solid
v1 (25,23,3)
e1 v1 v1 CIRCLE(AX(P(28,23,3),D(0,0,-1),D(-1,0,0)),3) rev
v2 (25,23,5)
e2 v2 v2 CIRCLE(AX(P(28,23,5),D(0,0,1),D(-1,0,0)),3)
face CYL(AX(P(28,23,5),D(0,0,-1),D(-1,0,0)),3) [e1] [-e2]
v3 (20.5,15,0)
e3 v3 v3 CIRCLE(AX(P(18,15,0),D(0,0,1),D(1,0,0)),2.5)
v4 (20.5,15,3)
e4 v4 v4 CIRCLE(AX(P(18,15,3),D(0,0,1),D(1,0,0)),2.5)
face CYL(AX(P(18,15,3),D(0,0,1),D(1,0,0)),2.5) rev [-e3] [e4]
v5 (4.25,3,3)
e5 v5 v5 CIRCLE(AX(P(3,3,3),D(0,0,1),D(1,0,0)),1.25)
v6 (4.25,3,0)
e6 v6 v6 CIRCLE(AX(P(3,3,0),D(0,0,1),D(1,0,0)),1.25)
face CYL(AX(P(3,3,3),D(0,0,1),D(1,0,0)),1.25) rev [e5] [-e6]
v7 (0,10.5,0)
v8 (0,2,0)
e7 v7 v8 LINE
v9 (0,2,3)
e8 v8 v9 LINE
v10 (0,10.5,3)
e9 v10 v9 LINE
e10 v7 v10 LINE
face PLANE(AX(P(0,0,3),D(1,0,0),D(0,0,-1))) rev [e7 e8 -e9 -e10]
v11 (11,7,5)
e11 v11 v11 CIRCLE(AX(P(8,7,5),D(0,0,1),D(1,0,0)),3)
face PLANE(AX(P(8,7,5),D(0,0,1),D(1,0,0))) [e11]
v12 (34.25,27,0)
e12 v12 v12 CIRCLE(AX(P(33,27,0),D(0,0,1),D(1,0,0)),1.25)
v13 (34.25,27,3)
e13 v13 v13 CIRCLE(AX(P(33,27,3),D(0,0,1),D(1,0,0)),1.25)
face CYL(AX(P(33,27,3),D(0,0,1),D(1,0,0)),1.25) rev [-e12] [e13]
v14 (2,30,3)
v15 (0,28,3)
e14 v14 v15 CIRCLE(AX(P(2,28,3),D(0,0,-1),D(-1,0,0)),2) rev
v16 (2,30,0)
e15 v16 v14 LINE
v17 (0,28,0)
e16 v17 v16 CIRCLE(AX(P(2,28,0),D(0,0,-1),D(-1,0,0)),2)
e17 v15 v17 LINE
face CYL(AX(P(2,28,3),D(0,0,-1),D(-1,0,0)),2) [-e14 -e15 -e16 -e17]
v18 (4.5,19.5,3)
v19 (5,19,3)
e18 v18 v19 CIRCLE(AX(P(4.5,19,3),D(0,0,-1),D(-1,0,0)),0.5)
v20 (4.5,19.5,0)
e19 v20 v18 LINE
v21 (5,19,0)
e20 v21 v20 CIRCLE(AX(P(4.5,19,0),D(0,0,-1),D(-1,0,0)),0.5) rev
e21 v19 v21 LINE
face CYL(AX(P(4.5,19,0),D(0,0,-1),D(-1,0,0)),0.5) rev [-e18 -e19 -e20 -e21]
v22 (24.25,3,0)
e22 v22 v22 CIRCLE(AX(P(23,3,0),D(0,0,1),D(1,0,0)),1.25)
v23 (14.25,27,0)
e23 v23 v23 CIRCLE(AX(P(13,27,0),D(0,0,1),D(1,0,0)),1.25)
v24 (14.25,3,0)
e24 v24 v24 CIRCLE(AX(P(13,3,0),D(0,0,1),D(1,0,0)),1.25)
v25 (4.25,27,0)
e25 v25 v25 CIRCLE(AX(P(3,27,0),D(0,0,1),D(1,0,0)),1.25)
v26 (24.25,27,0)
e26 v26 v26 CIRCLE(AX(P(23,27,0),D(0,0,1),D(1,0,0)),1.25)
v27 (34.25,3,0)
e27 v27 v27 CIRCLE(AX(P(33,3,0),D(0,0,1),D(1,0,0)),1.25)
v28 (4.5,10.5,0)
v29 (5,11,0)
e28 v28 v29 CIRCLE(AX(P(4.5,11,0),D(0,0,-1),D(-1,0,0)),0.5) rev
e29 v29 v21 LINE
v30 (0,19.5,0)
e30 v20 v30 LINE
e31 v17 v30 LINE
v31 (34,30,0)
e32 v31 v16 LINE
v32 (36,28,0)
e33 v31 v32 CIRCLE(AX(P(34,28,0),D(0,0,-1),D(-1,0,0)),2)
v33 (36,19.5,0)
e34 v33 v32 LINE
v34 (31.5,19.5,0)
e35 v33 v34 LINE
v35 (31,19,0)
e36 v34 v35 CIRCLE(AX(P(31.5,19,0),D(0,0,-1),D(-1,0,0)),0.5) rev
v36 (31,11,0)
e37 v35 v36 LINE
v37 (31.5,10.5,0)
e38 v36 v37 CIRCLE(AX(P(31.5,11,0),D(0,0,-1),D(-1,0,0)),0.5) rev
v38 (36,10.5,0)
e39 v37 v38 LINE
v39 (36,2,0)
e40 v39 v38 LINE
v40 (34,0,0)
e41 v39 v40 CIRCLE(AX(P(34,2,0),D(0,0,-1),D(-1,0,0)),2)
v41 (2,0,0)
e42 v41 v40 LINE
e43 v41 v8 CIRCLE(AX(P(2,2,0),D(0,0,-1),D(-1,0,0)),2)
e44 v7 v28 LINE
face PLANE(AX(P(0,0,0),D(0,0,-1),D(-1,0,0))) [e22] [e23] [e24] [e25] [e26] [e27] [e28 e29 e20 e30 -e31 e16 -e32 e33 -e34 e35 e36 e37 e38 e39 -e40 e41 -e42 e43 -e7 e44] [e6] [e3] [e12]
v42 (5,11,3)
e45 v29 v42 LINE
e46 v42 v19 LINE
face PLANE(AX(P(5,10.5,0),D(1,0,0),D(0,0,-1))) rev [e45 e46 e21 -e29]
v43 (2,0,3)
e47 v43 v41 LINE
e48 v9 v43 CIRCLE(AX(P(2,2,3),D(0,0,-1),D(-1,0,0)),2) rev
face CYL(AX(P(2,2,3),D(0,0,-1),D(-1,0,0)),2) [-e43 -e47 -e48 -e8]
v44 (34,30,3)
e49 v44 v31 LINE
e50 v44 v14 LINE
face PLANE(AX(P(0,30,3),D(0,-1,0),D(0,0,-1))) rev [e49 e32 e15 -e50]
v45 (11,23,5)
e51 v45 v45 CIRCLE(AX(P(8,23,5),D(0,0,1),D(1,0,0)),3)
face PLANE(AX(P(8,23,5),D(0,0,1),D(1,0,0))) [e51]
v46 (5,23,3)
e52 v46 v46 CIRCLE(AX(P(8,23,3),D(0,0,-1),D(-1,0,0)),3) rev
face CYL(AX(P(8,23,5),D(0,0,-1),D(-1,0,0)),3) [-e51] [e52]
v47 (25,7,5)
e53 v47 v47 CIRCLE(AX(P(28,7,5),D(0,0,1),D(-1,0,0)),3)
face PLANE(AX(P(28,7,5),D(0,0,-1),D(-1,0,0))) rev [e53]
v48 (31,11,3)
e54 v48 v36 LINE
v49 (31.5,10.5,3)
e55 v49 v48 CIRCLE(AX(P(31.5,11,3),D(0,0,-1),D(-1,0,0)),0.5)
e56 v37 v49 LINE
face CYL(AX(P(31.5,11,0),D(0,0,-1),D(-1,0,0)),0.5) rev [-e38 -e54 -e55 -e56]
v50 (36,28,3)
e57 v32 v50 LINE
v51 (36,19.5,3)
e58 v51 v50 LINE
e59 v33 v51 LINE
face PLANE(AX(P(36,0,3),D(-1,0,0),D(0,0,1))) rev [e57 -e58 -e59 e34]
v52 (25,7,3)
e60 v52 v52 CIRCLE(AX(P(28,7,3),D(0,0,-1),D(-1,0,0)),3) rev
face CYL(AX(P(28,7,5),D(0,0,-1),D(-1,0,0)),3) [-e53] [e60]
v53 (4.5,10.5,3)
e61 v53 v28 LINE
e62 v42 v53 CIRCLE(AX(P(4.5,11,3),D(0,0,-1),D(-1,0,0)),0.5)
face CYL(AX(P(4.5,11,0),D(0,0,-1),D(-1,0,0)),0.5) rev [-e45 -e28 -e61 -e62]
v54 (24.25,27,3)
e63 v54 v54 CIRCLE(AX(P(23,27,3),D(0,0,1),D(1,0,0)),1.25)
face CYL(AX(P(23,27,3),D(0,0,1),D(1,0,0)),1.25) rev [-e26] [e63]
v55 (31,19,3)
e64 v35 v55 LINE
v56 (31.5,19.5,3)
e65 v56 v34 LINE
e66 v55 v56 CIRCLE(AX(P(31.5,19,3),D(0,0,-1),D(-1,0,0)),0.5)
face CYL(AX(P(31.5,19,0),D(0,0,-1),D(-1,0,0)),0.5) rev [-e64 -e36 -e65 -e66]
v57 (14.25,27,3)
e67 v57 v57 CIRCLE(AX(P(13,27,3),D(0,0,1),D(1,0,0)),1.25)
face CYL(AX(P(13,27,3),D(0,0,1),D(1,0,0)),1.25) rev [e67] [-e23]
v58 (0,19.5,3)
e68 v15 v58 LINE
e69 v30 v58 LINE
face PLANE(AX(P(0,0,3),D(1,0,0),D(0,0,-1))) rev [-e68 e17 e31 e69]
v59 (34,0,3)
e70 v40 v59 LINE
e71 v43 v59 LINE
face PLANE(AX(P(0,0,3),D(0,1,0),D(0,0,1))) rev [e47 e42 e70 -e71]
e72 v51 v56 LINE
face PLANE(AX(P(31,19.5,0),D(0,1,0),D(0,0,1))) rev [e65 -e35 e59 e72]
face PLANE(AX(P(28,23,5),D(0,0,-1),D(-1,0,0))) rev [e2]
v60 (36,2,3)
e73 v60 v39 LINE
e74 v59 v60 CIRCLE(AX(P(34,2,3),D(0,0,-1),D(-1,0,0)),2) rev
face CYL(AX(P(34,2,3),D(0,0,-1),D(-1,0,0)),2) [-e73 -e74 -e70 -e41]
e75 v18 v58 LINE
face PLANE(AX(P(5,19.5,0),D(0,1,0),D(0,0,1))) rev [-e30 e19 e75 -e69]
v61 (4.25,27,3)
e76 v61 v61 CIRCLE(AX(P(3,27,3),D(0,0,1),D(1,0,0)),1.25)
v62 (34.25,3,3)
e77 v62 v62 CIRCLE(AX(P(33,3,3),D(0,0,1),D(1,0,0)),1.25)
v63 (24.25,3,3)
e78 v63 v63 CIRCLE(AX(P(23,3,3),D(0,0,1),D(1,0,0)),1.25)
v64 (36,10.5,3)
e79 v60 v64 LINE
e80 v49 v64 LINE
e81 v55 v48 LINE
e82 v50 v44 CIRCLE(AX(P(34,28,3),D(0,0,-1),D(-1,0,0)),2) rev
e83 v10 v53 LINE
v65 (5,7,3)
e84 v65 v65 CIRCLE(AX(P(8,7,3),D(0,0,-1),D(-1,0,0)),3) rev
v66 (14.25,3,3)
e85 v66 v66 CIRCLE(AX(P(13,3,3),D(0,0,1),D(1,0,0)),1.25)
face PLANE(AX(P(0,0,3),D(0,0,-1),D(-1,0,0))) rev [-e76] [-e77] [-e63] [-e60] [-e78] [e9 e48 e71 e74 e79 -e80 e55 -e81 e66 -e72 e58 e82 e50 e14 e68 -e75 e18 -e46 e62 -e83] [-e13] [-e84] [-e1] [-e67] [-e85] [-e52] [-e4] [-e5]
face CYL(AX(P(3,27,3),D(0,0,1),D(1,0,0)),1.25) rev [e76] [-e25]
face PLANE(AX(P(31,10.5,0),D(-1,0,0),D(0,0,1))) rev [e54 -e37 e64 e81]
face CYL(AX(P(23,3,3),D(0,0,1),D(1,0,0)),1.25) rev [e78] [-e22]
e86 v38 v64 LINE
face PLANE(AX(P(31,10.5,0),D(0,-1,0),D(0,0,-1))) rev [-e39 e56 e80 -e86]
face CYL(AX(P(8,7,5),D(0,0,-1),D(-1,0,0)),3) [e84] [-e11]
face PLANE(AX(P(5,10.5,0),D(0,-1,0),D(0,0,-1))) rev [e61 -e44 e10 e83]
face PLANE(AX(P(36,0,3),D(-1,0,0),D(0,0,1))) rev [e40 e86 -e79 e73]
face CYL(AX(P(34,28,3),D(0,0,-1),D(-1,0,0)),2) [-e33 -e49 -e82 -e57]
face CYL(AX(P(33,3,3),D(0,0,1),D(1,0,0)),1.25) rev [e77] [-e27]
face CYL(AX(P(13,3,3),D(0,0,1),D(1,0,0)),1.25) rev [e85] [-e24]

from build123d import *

# Parameters (mm, degrees)
SKETCH_1_W          = 36
SKETCH_1_H          = 30
EXTRUDE_1_DEPTH     = 3
SKETCH_3_R          = 3
EXTRUDE_2_DEPTH     = 2
SKETCH_4_W          = 5
SKETCH_4_H          = 9
CUT_EXTRUDE_2_DEPTH = 47.957427527
HOLE_WIZARD_M6_1_D  = 5
FILLET_1_R          = 0.5
MM_1_D              = 2.5
FILLET_2_R          = 2


with BuildPart() as part:
    # 草图1 → 凸台-拉伸1 (new body)
    with BuildSketch(Plane.XY):
        with Locations((18, 15)):
            Rectangle(SKETCH_1_W, SKETCH_1_H)
    extrude(amount=EXTRUDE_1_DEPTH)

    # 草图3 → 凸台-拉伸2 (add)
    with BuildSketch(Plane.XY.offset(3)):
        with Locations(Location((8, 23, 0), (0, 0, 180))):
            Circle(SKETCH_3_R)
        with Locations(Location((8, 7, 0), (0, 0, 180))):
            Circle(SKETCH_3_R)
        with Locations(Location((28, 7, 0), (0, 0, 180))):
            Circle(SKETCH_3_R)
        with Locations(Location((28, 23, 0), (0, 0, 180))):
            Circle(SKETCH_3_R)
    extrude(amount=EXTRUDE_2_DEPTH)

    # 草图4 → 切除-拉伸2 (cut, through all)
    with BuildSketch(Plane.XY.offset(3)):
        with Locations((33.5, 15)):
            Rectangle(SKETCH_4_W, SKETCH_4_H)
        with Locations((2.5, 15)):
            Rectangle(SKETCH_4_W, SKETCH_4_H)
    extrude(amount=-CUT_EXTRUDE_2_DEPTH, mode=Mode.SUBTRACT)

    # M6 螺纹孔1 (through all)
    with Locations(Plane(origin=(18, 15, 3), x_dir=(1, 0, 0), z_dir=(0, 0, 1))):
        with Locations((0, 0)):
            Hole(HOLE_WIZARD_M6_1_D / 2)

    # 圆角1
    fillet_1_edges = [part.edges().sort_by_distance(p)[0] for p in [
        (5, 19.5, 1.5),
        (5, 10.5, 1.5),
        (31, 10.5, 1.5),
        (31, 19.5, 1.5),
    ]]
    fillet(fillet_1_edges, radius=FILLET_1_R)

    # 大小mm 暗销孔1 (through all)
    with Locations(Plane(origin=(3, 27, 3), x_dir=(1, 0, 0), z_dir=(0, 0, 1))):
        with Locations((0, 0), (10, 0), (20, 0), (30, 0), (30, -24), (20, -24), (10, -24), (0, -24)):
            Hole(MM_1_D / 2)

    # 圆角2
    fillet_2_edges = [part.edges().sort_by_distance(p)[0] for p in [
        (0, 30, 1.5),
        (36, 30, 1.5),
        (36, 0, 1.5),
        (0, 0, 1.5),
    ]]
    fillet(fillet_2_edges, radius=FILLET_2_R)


solid = part.part
